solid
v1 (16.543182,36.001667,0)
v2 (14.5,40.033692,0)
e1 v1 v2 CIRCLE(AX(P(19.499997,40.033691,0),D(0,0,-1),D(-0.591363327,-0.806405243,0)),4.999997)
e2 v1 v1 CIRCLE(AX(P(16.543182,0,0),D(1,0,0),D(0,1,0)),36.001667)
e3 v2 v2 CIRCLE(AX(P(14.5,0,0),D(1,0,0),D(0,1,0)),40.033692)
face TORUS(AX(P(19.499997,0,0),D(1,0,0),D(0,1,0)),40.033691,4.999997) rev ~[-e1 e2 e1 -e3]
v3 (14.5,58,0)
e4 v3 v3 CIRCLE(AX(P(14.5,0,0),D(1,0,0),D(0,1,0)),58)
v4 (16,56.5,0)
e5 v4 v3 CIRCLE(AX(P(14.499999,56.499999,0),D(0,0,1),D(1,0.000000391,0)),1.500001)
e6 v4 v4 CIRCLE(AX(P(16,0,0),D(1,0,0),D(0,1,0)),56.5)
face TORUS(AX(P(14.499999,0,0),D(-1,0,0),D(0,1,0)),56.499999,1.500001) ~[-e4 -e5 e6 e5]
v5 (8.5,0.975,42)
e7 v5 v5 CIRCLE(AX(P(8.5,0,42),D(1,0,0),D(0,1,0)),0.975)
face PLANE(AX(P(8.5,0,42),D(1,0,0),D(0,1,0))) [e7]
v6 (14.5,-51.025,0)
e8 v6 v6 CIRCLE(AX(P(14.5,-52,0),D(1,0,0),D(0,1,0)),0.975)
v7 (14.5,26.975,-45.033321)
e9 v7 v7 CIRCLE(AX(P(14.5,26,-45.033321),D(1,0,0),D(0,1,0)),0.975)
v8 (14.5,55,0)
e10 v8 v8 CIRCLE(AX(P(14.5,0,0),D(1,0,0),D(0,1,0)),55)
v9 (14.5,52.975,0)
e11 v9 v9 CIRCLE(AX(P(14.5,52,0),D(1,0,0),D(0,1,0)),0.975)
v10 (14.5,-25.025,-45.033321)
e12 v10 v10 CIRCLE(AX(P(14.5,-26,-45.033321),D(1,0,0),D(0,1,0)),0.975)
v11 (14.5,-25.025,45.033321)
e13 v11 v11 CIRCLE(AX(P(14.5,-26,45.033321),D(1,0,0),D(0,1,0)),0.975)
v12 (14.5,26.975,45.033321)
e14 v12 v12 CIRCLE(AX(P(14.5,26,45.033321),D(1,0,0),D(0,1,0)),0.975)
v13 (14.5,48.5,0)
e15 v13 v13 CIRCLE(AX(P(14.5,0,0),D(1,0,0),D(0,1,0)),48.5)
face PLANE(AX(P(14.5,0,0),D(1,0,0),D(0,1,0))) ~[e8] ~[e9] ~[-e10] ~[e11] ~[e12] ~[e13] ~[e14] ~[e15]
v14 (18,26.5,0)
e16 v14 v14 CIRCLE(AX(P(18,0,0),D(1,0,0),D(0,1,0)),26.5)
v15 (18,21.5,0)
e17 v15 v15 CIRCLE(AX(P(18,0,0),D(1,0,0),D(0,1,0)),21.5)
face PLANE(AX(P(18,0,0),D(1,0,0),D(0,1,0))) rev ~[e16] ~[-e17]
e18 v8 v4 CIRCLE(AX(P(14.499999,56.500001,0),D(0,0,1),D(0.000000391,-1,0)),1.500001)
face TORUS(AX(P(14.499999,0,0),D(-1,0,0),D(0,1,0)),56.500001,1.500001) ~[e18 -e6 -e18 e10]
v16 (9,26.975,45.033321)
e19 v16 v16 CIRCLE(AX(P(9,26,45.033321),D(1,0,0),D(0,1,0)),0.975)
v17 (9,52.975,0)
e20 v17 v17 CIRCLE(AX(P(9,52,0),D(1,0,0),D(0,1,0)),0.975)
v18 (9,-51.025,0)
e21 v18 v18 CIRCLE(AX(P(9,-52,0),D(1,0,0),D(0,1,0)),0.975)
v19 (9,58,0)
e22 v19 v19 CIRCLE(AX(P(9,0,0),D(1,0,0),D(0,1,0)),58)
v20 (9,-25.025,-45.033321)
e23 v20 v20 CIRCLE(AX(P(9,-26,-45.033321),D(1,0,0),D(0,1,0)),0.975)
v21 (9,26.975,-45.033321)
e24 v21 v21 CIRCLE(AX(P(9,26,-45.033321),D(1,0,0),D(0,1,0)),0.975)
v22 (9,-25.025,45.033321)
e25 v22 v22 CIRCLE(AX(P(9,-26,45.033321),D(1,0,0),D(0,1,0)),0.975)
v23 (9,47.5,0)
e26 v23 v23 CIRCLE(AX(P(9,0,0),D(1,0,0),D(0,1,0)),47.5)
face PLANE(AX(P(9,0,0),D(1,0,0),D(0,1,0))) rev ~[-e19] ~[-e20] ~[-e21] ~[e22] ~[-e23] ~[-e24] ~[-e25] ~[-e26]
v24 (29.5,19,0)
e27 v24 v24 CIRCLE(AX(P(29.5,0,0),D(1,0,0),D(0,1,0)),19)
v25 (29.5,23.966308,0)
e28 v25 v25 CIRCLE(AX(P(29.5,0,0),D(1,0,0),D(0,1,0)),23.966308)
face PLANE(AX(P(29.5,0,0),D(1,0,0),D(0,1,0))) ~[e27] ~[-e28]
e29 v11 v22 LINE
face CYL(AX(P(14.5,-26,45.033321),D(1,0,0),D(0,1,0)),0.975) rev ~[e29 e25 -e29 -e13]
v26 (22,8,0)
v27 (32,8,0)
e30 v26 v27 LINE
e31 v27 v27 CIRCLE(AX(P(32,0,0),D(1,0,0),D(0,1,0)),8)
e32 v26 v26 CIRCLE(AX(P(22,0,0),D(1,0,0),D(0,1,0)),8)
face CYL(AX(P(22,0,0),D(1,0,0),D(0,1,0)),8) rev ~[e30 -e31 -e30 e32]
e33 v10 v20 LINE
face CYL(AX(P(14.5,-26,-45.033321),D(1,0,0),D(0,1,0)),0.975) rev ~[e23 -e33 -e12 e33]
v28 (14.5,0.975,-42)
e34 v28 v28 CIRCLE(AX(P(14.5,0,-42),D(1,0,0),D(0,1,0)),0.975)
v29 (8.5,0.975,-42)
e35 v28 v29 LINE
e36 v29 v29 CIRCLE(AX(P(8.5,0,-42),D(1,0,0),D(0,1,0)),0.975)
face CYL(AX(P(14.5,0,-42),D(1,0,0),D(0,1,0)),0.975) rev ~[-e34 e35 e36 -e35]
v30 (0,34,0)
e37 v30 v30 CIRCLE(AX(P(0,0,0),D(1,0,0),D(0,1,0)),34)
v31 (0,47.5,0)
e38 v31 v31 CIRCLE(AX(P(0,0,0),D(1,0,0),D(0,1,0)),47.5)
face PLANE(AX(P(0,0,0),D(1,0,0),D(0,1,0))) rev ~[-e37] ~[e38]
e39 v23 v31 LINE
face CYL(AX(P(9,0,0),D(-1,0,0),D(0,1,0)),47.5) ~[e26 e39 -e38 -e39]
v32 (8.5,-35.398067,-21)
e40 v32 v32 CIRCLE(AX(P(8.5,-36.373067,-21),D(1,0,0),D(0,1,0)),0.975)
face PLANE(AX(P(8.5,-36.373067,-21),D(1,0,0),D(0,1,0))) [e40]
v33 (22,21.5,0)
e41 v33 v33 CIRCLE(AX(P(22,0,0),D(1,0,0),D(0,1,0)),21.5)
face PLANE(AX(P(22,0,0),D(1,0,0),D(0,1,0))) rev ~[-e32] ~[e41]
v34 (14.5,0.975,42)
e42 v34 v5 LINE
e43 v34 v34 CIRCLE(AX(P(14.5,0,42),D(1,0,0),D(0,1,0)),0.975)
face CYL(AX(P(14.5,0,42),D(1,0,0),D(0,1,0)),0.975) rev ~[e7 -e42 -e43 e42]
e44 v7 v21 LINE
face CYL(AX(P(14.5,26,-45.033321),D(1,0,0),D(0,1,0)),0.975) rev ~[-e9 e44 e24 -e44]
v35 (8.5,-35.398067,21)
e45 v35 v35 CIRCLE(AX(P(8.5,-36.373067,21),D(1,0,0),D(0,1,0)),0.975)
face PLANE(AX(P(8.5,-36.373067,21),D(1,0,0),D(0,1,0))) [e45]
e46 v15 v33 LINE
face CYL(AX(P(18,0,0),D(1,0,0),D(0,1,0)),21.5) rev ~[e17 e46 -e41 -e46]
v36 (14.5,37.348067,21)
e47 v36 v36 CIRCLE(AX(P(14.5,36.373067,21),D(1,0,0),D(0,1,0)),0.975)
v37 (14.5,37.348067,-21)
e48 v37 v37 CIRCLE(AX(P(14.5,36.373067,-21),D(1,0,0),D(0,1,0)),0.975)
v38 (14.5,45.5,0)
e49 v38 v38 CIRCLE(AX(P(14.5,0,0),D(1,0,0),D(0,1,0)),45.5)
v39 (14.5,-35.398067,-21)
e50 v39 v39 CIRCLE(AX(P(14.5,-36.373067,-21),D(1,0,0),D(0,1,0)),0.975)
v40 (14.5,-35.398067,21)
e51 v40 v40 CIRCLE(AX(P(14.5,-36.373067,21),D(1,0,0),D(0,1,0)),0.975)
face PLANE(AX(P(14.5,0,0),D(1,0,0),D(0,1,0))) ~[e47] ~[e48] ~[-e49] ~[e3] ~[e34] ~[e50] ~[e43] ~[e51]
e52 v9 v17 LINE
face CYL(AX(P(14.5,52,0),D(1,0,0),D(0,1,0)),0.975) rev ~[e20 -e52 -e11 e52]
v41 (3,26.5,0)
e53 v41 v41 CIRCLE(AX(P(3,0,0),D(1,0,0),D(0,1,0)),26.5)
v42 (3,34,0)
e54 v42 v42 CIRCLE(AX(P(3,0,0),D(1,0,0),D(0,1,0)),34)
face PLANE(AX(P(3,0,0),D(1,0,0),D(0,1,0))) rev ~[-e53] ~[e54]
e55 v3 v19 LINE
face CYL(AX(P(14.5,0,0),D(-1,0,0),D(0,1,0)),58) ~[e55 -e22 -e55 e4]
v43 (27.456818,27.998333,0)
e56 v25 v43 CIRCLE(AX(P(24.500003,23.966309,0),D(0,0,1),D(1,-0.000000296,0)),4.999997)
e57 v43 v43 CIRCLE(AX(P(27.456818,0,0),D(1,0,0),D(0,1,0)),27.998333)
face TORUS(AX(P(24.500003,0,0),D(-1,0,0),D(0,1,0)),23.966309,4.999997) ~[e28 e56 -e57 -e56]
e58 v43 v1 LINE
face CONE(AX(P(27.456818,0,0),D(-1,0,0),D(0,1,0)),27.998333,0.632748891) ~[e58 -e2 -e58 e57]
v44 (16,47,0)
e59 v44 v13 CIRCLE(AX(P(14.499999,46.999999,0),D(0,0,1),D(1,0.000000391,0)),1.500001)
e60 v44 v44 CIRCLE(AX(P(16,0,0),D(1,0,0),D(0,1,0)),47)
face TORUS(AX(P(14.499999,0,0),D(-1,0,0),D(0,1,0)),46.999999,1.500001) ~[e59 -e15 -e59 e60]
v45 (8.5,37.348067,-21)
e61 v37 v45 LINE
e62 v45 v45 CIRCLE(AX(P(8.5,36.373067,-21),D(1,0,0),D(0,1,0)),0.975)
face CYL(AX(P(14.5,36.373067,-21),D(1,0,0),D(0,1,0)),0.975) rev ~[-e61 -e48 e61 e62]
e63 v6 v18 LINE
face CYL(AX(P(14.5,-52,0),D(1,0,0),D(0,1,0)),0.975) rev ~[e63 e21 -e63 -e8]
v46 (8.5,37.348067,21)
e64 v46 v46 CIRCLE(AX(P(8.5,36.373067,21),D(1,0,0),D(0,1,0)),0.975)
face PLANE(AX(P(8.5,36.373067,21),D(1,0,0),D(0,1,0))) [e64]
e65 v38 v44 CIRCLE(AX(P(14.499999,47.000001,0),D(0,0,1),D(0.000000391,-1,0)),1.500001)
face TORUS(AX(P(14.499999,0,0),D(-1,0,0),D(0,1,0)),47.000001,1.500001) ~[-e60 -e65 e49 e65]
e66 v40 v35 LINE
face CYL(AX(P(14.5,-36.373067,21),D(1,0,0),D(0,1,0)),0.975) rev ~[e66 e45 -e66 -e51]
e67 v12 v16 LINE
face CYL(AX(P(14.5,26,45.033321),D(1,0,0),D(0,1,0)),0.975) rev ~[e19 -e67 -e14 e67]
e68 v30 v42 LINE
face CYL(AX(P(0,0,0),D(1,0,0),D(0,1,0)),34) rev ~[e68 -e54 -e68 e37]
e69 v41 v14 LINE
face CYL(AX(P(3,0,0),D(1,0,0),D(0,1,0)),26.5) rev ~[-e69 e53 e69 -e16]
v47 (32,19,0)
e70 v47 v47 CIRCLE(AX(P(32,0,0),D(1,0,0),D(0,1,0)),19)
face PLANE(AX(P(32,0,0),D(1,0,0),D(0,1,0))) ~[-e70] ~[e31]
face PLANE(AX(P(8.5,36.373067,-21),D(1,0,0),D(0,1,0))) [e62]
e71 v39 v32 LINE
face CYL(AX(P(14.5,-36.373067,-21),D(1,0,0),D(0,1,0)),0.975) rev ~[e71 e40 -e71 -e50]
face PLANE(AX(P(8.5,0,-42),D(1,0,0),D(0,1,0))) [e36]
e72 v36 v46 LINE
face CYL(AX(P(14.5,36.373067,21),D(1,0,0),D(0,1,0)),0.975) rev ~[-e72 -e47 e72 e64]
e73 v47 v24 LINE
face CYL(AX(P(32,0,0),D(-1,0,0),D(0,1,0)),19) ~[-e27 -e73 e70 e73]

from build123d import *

# Parameters (mm, degrees)
F3_R     = 0.975
F4_DEPTH = 6


with BuildPart() as f1:
    # F0 (on Top) → F1 (revolve)
    with BuildSketch(Plane.XY):
        with BuildLine():
            Line((0, 47.5), (0, 34))
            Line((0, 34), (3, 34))
            Line((3, 34), (3, 26.5))
            Line((3, 26.5), (18, 26.5))
            Line((18, 26.5), (18, 21.5))
            Line((18, 21.5), (22, 21.5))
            Line((22, 21.5), (22, 8))
            Line((22, 8), (32, 8))
            Line((32, 8), (32, 19))
            Line((32, 19), (29.5, 19))
            Line((29.5, 19), (29.5, 23.966308))
            ThreePointArc((29.5, 23.966308), (28.96005, 26.226387), (27.456818, 27.998333))
            Line((27.456818, 27.998333), (16.543182, 36.001667))
            ThreePointArc((16.543182, 36.001667), (15.03995, 37.773613), (14.5, 40.033692))
            Line((14.5, 40.033692), (14.5, 45.5))
            ThreePointArc((14.5, 45.5), (15.56066, 45.93934), (16, 47))
            ThreePointArc((16, 47), (15.56066, 48.06066), (14.5, 48.5))
            Line((14.5, 48.5), (14.5, 55))
            ThreePointArc((14.5, 55), (15.56066, 55.43934), (16, 56.5))
            ThreePointArc((16, 56.5), (15.56066, 57.56066), (14.5, 58))
            Line((14.5, 58), (9, 58))
            Line((9, 58), (9, 47.5))
            Line((9, 47.5), (0, 47.5))
        make_face()
    revolve(axis=Axis((14.75, 0, 0), (1, 0, 0)))

    # F3 (on offset) → F4 (cut)
    with BuildSketch(Plane.YZ.offset(14.5)):
        with Locations((0, -42)):
            Circle(F3_R)
        with Locations((36.373067, -21)):
            Circle(F3_R)
        with Locations((36.373067, 21)):
            Circle(F3_R)
        with Locations((0, 42)):
            Circle(F3_R)
        with Locations((-36.373067, 21)):
            Circle(F3_R)
        with Locations((-36.373067, -21)):
            Circle(F3_R)
        with Locations((52, 0)):
            Circle(F3_R)
        with Locations((26, 45.033321)):
            Circle(F3_R)
        with Locations((-26, 45.033321)):
            Circle(F3_R)
        with Locations((-52, 0)):
            Circle(F3_R)
        with Locations((-26, -45.033321)):
            Circle(F3_R)
        with Locations((26, -45.033321)):
            Circle(F3_R)
    extrude(amount=-F4_DEPTH, mode=Mode.SUBTRACT)


solid = f1.part
